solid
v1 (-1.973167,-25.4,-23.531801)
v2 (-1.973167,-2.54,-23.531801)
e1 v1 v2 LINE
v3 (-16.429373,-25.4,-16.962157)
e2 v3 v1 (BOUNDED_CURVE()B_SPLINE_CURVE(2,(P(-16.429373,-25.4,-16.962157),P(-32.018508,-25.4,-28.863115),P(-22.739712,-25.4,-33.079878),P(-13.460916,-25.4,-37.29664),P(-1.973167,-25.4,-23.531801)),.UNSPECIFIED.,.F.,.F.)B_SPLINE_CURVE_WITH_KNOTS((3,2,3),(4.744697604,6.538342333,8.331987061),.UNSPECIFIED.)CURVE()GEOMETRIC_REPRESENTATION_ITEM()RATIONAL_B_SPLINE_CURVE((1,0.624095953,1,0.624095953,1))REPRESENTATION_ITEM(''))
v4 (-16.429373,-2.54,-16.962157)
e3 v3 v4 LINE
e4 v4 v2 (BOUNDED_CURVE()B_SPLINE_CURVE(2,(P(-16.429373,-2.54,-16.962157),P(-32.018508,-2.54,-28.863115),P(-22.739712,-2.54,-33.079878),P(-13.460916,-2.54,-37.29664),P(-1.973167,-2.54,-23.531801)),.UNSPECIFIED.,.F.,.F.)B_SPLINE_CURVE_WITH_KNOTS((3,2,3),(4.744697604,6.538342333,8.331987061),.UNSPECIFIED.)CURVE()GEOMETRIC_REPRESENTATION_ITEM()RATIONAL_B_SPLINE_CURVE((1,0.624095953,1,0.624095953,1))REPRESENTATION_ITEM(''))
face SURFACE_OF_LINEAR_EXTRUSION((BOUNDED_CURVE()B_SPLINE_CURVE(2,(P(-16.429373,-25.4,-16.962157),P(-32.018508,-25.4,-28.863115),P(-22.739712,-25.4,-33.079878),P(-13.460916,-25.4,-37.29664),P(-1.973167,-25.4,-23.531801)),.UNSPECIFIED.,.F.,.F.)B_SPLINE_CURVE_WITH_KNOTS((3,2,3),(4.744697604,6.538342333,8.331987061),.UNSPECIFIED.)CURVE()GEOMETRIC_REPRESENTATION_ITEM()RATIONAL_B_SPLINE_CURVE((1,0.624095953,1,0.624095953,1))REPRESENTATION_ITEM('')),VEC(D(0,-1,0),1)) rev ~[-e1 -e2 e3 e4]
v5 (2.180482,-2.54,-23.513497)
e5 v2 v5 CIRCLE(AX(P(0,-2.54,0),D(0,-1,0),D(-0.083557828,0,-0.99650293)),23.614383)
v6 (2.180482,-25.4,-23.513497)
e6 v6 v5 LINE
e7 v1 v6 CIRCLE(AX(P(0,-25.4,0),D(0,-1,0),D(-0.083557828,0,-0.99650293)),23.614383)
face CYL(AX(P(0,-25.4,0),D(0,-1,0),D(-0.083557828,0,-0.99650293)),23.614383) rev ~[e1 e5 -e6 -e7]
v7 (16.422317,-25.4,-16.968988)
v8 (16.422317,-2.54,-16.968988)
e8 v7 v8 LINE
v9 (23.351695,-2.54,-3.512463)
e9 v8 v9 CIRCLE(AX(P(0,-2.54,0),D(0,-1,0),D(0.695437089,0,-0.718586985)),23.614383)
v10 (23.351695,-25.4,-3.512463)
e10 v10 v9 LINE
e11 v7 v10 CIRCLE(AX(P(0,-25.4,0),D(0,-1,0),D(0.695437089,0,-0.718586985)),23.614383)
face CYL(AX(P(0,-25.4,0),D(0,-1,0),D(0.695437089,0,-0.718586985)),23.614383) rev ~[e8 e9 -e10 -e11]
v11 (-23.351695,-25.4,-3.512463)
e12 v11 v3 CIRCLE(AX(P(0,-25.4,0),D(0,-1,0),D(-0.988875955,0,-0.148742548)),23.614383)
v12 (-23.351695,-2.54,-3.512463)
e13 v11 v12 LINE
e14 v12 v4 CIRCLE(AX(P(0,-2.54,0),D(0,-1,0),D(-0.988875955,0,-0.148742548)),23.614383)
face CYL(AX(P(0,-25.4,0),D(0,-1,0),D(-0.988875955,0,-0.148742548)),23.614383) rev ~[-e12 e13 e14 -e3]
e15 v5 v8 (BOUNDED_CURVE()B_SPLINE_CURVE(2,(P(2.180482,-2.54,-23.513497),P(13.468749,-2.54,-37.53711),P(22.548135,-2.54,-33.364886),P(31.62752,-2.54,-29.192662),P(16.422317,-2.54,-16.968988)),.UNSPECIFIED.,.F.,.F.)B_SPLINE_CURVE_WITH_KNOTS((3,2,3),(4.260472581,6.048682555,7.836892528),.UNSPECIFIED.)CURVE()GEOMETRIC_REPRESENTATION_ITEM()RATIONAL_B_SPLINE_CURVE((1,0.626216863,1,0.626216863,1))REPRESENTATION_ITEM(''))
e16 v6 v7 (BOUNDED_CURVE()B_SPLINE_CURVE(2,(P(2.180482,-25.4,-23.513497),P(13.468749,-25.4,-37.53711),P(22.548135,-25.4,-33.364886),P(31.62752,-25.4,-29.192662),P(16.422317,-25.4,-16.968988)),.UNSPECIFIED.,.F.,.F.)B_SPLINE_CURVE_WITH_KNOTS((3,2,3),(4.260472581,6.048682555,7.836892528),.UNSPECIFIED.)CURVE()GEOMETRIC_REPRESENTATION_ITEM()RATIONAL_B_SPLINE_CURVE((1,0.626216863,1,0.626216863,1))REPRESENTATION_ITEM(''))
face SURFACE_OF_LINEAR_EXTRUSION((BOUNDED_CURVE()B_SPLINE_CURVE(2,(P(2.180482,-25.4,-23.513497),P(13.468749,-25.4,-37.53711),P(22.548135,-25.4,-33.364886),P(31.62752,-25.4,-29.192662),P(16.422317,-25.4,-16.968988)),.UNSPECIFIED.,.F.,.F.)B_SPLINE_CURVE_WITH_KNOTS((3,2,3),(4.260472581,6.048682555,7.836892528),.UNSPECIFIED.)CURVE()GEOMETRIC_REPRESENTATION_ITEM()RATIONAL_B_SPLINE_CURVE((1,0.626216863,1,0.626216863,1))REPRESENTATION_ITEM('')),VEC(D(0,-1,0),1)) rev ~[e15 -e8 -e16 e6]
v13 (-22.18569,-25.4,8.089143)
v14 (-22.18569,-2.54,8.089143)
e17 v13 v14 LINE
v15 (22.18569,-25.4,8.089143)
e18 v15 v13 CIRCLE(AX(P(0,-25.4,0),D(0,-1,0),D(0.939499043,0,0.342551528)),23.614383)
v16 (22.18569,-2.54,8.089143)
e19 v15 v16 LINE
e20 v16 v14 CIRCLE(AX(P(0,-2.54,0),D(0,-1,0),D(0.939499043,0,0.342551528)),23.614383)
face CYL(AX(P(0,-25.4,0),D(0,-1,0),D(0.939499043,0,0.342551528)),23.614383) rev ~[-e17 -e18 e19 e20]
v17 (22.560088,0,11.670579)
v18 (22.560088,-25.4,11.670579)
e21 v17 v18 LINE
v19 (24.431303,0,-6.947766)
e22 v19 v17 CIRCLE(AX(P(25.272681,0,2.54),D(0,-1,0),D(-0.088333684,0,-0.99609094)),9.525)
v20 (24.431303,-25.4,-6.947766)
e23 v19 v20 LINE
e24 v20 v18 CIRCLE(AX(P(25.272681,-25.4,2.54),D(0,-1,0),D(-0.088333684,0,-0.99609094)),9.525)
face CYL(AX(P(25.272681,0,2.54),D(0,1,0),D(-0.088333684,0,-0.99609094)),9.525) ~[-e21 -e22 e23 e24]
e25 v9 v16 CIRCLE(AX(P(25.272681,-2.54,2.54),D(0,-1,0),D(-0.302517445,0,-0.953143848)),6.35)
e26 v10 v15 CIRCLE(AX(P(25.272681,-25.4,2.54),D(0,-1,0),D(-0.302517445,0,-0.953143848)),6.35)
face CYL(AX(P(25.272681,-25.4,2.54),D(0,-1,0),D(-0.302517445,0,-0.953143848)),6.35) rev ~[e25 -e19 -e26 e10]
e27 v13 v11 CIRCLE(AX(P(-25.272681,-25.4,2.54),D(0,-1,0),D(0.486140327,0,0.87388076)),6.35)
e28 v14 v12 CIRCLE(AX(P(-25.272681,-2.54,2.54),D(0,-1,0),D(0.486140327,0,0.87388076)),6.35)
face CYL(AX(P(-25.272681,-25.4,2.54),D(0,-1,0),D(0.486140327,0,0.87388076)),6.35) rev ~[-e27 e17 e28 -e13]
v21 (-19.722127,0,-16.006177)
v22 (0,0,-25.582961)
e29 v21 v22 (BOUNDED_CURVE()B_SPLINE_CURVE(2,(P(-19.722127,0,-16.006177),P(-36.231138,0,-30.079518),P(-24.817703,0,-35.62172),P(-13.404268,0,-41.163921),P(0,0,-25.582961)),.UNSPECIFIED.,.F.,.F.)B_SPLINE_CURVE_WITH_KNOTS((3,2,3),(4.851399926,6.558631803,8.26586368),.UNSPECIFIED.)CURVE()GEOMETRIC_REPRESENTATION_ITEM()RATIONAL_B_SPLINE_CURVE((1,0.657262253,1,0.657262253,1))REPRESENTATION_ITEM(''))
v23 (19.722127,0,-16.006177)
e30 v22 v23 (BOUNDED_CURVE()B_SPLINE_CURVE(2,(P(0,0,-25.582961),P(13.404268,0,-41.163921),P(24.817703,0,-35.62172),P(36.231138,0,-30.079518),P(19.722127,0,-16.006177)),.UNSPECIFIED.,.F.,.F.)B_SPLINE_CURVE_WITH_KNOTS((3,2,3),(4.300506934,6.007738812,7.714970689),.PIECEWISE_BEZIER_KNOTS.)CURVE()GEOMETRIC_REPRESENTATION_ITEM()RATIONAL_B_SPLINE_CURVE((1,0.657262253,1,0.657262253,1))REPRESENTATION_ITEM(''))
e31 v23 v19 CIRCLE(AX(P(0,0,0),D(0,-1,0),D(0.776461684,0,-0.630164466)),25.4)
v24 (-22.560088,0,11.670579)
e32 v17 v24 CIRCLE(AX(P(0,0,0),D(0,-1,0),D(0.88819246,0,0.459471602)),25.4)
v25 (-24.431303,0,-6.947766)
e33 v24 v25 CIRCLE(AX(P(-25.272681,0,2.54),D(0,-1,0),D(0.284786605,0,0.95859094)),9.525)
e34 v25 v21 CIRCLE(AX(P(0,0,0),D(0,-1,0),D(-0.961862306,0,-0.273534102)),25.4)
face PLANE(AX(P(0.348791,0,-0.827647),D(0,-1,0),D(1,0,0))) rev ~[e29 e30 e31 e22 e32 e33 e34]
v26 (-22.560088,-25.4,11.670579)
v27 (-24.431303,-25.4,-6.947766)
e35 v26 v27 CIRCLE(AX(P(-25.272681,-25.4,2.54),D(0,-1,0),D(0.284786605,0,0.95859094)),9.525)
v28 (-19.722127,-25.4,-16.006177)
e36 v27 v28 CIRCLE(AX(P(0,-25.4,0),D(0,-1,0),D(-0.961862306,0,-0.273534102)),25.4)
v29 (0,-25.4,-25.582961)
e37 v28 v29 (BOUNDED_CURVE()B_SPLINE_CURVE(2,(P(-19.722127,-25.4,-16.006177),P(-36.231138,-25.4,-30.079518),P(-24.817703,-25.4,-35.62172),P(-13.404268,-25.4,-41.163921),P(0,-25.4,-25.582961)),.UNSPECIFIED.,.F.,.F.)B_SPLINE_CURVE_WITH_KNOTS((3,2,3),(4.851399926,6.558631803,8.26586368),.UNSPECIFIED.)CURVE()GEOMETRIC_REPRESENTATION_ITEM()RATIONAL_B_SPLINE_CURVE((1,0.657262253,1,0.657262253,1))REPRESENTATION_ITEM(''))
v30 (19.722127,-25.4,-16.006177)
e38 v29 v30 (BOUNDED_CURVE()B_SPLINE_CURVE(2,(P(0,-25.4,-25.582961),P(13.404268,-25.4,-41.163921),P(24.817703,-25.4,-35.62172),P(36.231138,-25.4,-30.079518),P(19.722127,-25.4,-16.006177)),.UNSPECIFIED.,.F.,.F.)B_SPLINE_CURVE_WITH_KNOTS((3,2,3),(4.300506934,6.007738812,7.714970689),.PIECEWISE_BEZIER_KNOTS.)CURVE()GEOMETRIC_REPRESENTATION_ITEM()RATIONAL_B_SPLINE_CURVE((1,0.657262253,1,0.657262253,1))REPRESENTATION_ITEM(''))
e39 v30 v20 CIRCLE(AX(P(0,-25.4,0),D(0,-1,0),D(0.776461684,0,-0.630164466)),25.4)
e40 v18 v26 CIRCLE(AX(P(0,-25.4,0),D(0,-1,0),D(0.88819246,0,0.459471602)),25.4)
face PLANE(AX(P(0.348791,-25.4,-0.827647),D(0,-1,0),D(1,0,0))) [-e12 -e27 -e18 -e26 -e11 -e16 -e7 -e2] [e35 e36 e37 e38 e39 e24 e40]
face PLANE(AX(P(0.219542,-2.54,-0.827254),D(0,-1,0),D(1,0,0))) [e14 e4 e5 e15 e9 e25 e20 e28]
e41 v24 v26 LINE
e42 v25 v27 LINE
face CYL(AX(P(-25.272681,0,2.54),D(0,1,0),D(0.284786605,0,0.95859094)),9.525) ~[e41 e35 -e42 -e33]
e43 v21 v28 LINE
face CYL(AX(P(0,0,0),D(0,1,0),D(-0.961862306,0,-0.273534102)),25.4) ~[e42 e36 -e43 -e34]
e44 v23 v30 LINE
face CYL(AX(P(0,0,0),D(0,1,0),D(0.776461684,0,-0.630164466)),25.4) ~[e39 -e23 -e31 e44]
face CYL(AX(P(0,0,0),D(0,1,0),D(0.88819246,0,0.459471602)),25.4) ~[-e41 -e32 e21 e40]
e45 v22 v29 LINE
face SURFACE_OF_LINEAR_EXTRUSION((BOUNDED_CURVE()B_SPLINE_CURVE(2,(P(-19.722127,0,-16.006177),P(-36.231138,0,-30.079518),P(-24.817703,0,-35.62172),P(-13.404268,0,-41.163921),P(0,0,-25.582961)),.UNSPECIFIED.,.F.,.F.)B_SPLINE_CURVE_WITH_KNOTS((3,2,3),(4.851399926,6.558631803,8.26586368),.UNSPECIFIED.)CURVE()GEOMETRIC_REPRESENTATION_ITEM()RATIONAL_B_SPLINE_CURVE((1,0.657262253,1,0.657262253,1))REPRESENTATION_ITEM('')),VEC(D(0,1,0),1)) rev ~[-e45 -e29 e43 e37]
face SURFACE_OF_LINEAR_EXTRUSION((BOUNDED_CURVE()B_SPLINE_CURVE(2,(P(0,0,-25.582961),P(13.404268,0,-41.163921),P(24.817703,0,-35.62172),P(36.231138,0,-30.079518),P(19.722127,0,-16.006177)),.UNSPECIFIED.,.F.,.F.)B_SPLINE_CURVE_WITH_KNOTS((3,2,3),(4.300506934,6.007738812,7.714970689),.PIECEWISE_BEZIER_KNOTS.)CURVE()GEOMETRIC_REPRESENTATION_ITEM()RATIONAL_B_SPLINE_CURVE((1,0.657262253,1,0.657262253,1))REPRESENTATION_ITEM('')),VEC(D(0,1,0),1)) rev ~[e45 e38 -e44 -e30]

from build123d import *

# Parameters (mm, degrees)
F1_DEPTH = 25.4
F3_DEPTH = 22.86


with BuildPart() as f1:
    # F0 (on Front) → F1 (new body)
    with BuildSketch(Plane.XZ):
        with BuildLine():
            ThreePointArc((24.4313025608, -6.9477662011), (25.1566600033, -3.5074859199), (25.4, 0))
            ThreePointArc((25.4, 0), (24.6798120709, 6.0055704265), (22.5600884923, 11.6705787011))
            ThreePointArc((22.5600884923, 11.6705787011), (0, 25.4), (-22.5600884923, 11.6705787011))
            ThreePointArc((-22.5600884923, 11.6705787011), (-25.2726809025, 2.54), (-24.4313025608, -6.9477662011))
            ThreePointArc((-24.4313025608, -6.9477662011), (-22.5365266583, -11.7160132374), (-19.7221267665, -16.0061774264))
            ThreePointArc((-19.7221267665, -16.0061774264), (-10.9931287537, -22.8978409507), (-0.1565220091, -25.3995177289))
            ThreePointArc((-0.1565220091, -25.3995177289), (0, -25.4), (0.1565220091, -25.3995177289))
            ThreePointArc((0.1565220091, -25.3995177289), (10.9931287537, -22.8978409507), (19.7221267665, -16.0061774264))
            ThreePointArc((19.7221267665, -16.0061774264), (22.5365266583, -11.7160132374), (24.4313025608, -6.9477662011))
        make_face()
        with BuildLine():
            ThreePointArc((22.5600884923, 11.6705787011), (24.6798120709, 6.0055704265), (25.4, 0))
            ThreePointArc((25.4, 0), (25.1566600033, -3.5074859199), (24.4313025608, -6.9477662011))
            ThreePointArc((24.4313025608, -6.9477662011), (34.7499362409, 3.4925), (22.5600884923, 11.6705787011))
        make_face()
        with BuildLine():
            ThreePointArc((-24.4313025608, -6.9477662011), (-25.2726809025, 2.54), (-22.5600884923, 11.6705787011))
            ThreePointArc((-22.5600884923, 11.6705787011), (-34.7499362409, 3.4925), (-24.4313025608, -6.9477662011))
        make_face()
        with BuildLine():
            add(Edge.make_bspline(
                [(0, -25.582961452), (13.4042677186, -41.1639212512), (24.81770277, -35.6217196533), (36.2311378214, -30.0795180555), (19.7221267665, -16.0061774264)],
                knots=[4.3005069343, 4.3005069343, 4.3005069343, 6.0077388115, 6.0077388115, 7.7149706887, 7.7149706887, 7.7149706887], degree=2, weights=[1, 0.6572622534, 1, 0.6572622534, 1]))
            ThreePointArc((19.7221267665, -16.0061774264), (10.9931287537, -22.8978409507), (0.1565220091, -25.3995177289))
            add(Edge.make_bspline(
                [(0, -25.582961452), (0.0787939408, -25.4913723216), (0.1565220091, -25.3995177289)],
                knots=[1.9826783728, 1.9826783728, 1.9826783728, 1.9961590294, 1.9961590294, 1.9961590294], degree=2, weights=[1, 0.9999772841, 1]))
        make_face()
        with BuildLine():
            add(Edge.make_bspline(
                [(0, -25.582961452), (0.0787939408, -25.4913723216), (0.1565220091, -25.3995177289)],
                knots=[1.9826783728, 1.9826783728, 1.9826783728, 1.9961590294, 1.9961590294, 1.9961590294], degree=2, weights=[1, 0.9999772841, 1]))
            ThreePointArc((0.1565220091, -25.3995177289), (0, -25.4), (-0.1565220091, -25.3995177289))
            add(Edge.make_bspline(
                [(-0.1565220091, -25.3995177289), (-0.0787939408, -25.4913723216), (0, -25.582961452)],
                knots=[4.2870262778, 4.2870262778, 4.2870262778, 4.3005069343, 4.3005069343, 4.3005069343], degree=2, weights=[1, 0.9999772841, 1]))
        make_face()
        with BuildLine():
            add(Edge.make_bspline(
                [(-19.7221267665, -16.0061774264), (-36.2311378214, -30.0795180555), (-24.81770277, -35.6217196533), (-13.4042677186, -41.1639212512), (0, -25.582961452)],
                knots=[4.8513999257, 4.8513999257, 4.8513999257, 6.5586318028, 6.5586318028, 8.26586368, 8.26586368, 8.26586368], degree=2, weights=[1, 0.6572622534, 1, 0.6572622534, 1]))
            add(Edge.make_bspline(
                [(-0.1565220091, -25.3995177289), (-0.0787939408, -25.4913723216), (0, -25.582961452)],
                knots=[4.2870262778, 4.2870262778, 4.2870262778, 4.3005069343, 4.3005069343, 4.3005069343], degree=2, weights=[1, 0.9999772841, 1]))
            ThreePointArc((-0.1565220091, -25.3995177289), (-10.9931287537, -22.8978409507), (-19.7221267665, -16.0061774264))
        make_face()
    extrude(amount=F1_DEPTH)

    # F2 (on face) → F3 (cut)
    with BuildSketch(Plane.XZ.offset(25.4)):
        with BuildLine():
            ThreePointArc((23.351695127, -3.5124634365), (23.5486191458, -1.7611362874), (23.6143825814, 0))
            ThreePointArc((23.6143825814, 0), (23.2544665826, 4.1071703956), (22.185689826, 8.0891428251))
            ThreePointArc((22.185689826, 8.0891428251), (0, 23.6143825814), (-22.185689826, 8.0891428251))
            ThreePointArc((-22.185689826, 8.0891428251), (-23.4960140035, 2.3614382581), (-23.351695127, -3.5124634365))
            ThreePointArc((-23.351695127, -3.5124634365), (-20.9965928115, -10.8065792463), (-16.4293730471, -16.9621568787))
            ThreePointArc((-16.4293730471, -16.9621568787), (-9.770026769, -21.4985032417), (-1.9731665258, -23.5318014304))
            ThreePointArc((-1.9731665258, -23.5318014304), (0.1040609975, -23.6141532985), (2.1804820568, -23.5134974578))
            ThreePointArc((2.1804820568, -23.5134974578), (9.8602073415, -21.4572919047), (16.4223174888, -16.9689879779))
            ThreePointArc((16.4223174888, -16.9689879779), (20.9943452643, -10.8109449922), (23.351695127, -3.5124634365))
        make_face()
        with BuildLine():
            ThreePointArc((22.185689826, 8.0891428251), (23.2544665826, 4.1071703956), (23.6143825814, 0))
            ThreePointArc((23.6143825814, 0), (23.5486191458, -1.7611362874), (23.351695127, -3.5124634365))
            ThreePointArc((23.351695127, -3.5124634365), (31.5908511281, 3.175), (22.185689826, 8.0891428251))
        make_face()
        with BuildLine():
            ThreePointArc((-23.351695127, -3.5124634365), (-23.4960140035, 2.3614382581), (-22.185689826, 8.0891428251))
            ThreePointArc((-22.185689826, 8.0891428251), (-31.5908511281, 3.175), (-23.351695127, -3.5124634365))
        make_face()
        with BuildLine():
            add(Edge.make_bspline(
                [(2.1804820568, -23.5134974578), (13.4687492266, -37.5371098015), (22.5481347009, -33.3648860322), (31.6275201752, -29.1926622629), (16.4223174888, -16.9689879779)],
                knots=[4.2604725812, 4.2604725812, 4.2604725812, 6.0486825547, 6.0486825547, 7.8368925283, 7.8368925283, 7.8368925283], degree=2, weights=[1, 0.6262168632, 1, 0.6262168632, 1]))
            ThreePointArc((16.4223174888, -16.9689879779), (9.8602073415, -21.4572919047), (2.1804820568, -23.5134974578))
        make_face()
        with BuildLine():
            ThreePointArc((-1.9731665258, -23.5318014304), (-9.770026769, -21.4985032417), (-16.4293730471, -16.9621568787))
            add(Edge.make_bspline(
                [(-16.4293730471, -16.9621568787), (-32.0185075136, -28.8631149782), (-22.7397116676, -33.079877549), (-13.4609158217, -37.2966401199), (-1.9731665258, -23.5318014304)],
                knots=[4.7446976042, 4.7446976042, 4.7446976042, 6.5383423328, 6.5383423328, 8.3319870613, 8.3319870613, 8.3319870613], degree=2, weights=[1, 0.6240959533, 1, 0.6240959533, 1]))
        make_face()
    extrude(amount=-F3_DEPTH, mode=Mode.SUBTRACT)


solid = f1.part
